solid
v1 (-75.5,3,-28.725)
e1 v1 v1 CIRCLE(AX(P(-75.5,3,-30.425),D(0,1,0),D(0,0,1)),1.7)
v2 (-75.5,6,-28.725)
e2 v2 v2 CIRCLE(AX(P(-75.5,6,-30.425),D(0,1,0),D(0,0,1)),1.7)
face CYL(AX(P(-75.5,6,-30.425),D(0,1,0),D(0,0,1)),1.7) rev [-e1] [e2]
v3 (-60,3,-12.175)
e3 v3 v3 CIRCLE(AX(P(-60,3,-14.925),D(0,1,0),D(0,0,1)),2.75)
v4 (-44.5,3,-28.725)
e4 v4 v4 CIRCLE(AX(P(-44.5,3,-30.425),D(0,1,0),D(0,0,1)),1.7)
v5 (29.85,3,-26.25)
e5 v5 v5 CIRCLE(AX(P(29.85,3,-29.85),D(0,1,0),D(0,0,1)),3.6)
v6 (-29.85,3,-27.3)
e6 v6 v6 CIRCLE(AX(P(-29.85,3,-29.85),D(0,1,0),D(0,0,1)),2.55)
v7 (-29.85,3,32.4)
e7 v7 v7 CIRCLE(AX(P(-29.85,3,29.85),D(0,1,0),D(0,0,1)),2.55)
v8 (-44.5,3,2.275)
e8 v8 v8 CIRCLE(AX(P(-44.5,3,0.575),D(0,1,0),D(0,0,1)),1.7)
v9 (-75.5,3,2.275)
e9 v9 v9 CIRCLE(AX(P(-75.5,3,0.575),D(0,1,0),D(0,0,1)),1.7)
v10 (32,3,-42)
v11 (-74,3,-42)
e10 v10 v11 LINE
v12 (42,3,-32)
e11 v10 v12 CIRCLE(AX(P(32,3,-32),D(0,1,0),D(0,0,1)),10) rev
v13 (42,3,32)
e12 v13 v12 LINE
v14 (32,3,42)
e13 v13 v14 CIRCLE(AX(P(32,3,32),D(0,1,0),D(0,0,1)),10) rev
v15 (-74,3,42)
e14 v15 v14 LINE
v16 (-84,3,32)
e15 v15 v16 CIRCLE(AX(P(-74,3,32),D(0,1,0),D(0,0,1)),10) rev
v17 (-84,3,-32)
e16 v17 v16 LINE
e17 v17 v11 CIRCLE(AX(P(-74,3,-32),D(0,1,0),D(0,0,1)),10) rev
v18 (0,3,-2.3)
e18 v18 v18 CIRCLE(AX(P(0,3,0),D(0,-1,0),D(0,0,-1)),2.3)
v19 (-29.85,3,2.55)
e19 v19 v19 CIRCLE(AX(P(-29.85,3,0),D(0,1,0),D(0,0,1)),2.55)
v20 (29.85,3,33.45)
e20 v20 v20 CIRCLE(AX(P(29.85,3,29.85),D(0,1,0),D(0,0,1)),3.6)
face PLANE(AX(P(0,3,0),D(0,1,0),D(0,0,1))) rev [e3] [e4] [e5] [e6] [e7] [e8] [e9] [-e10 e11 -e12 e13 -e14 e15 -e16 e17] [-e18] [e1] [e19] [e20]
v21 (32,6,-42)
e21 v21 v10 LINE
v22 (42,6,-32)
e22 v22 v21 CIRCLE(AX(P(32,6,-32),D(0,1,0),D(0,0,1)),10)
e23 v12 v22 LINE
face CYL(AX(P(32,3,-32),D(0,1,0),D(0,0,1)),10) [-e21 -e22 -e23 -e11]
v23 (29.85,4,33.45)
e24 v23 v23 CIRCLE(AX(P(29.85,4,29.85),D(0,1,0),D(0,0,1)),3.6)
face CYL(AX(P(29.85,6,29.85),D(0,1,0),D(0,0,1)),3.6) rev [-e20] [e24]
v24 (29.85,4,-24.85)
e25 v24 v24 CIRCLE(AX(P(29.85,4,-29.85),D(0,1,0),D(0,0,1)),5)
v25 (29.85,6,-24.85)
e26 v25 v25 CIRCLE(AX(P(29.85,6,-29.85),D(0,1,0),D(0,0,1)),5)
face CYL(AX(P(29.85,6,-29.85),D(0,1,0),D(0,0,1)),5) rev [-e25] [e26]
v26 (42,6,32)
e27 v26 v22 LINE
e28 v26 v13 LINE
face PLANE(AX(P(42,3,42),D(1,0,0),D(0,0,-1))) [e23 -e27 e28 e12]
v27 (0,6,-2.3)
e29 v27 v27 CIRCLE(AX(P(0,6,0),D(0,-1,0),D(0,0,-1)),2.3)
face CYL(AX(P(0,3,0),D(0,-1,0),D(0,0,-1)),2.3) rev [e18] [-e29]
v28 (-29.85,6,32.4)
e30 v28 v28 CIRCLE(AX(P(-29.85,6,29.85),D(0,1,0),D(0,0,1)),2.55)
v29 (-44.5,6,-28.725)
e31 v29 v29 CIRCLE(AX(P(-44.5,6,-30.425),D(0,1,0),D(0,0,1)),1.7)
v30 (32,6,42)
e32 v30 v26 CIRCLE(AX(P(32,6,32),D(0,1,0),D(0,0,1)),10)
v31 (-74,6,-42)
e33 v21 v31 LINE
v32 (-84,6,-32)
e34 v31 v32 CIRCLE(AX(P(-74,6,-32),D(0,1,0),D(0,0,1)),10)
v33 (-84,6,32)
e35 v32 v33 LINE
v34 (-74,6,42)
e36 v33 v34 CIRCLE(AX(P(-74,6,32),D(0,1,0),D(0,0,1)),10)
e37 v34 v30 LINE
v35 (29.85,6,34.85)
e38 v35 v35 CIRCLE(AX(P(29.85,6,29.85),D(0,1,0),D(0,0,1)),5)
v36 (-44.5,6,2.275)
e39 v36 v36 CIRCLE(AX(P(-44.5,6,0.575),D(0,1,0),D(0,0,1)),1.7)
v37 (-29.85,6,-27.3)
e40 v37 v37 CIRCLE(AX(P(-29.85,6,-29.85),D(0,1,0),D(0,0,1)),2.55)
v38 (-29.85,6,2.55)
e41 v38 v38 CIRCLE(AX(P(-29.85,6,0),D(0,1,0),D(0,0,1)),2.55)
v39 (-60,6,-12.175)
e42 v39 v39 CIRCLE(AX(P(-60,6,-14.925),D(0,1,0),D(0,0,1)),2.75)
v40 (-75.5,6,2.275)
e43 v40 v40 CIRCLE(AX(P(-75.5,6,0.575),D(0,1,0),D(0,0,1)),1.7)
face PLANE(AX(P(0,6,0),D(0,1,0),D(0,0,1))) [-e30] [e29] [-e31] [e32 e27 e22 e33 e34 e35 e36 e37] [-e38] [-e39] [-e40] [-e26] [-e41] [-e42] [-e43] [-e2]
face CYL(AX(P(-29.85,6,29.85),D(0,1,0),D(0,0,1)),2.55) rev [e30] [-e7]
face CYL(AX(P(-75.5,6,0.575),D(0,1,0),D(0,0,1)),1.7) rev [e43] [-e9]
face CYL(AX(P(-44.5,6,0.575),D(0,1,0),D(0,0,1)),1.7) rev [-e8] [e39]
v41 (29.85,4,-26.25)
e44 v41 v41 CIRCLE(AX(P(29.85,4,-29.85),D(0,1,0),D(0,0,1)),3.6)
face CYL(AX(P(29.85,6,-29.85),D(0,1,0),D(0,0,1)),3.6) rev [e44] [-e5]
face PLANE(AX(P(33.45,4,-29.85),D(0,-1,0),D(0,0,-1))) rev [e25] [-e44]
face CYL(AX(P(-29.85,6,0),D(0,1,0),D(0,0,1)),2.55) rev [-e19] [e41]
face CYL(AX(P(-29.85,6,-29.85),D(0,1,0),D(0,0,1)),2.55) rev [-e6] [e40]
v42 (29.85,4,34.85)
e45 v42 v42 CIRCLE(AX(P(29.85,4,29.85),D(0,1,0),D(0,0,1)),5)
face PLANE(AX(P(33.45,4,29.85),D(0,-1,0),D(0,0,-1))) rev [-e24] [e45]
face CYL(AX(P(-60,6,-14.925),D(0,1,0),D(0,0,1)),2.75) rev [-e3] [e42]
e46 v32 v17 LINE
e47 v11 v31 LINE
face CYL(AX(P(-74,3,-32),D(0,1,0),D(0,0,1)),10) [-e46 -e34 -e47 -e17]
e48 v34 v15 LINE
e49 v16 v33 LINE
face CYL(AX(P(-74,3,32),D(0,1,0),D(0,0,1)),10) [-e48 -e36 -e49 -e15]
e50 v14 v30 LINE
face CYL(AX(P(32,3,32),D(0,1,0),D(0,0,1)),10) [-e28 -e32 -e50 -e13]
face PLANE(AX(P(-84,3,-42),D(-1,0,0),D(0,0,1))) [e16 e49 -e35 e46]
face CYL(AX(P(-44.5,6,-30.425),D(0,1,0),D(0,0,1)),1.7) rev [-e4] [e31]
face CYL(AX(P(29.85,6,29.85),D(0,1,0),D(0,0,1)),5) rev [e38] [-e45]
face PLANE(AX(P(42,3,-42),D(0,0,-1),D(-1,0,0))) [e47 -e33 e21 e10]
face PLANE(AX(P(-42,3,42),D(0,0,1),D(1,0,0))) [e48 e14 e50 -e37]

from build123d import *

# Parameters (mm, degrees)
BOSS_EXTRUDE1_DEPTH              = 3
F_4_6_4_6_DIAMETER_HOLE1_D       = 4.6
CBORE_FOR_M6_5_SHSS1_D           = 7.2
CBORE_FOR_M6_5_SHSS1_CBORE_D     = 10
CBORE_FOR_M6_5_SHSS1_CBORE_DEPTH = 2
M10X1_0_TAPPED_HOLE1_D           = 5.1
F_3_0MM_DOWEL_HOLE1_D            = 3.4
F_5_0MM_DOWEL_HOLE1_D            = 5.5
FILLET3_R                        = 10


with BuildPart() as part:
    # Sketch1 → Boss-Extrude1 (new body)
    with BuildSketch(Plane(origin=(0, 6, 0), x_dir=(1, 0, 0), z_dir=(0, 1, 0))):
        Polygon((42, 42), (-42, 42), (-84, 42), (-84, -42), (-42, -42), (42, -42), align=None)
    extrude(amount=-BOSS_EXTRUDE1_DEPTH)

    # Ø4.6 (4.6) Diameter Hole1 (through all)
    with Locations(Plane(origin=(0, 3, 0), x_dir=(-1, 0, 0), z_dir=(0, -1, 0))):
        with Locations((0, 0)):
            Hole(F_4_6_4_6_DIAMETER_HOLE1_D / 2)

    # CBORE for M6.5 SHSS1 (through all)
    with Locations(Plane(origin=(0, 6, 0), x_dir=(1, 0, 0), z_dir=(0, 1, 0))):
        with Locations((29.85, 29.85), (29.85, -29.85)):
            CounterBoreHole(CBORE_FOR_M6_5_SHSS1_D / 2, CBORE_FOR_M6_5_SHSS1_CBORE_D / 2, CBORE_FOR_M6_5_SHSS1_CBORE_DEPTH)

    # M10x1.0 Tapped Hole1 (through all)
    with Locations(Plane(origin=(0, 6, 0), x_dir=(1, 0, 0), z_dir=(0, 1, 0))):
        with Locations((-29.85, -29.85), (-29.85, 29.85), (-29.85, 0)):
            Hole(M10X1_0_TAPPED_HOLE1_D / 2)

    # Ø3.0mm Dowel Hole1 (through all)
    with Locations(Plane(origin=(0, 6, 0), x_dir=(1, 0, 0), z_dir=(0, 1, 0))):
        with Locations((-75.5, 30.425), (-44.5, 30.425), (-44.5, -0.575), (-75.5, -0.575)):
            Hole(F_3_0MM_DOWEL_HOLE1_D / 2)

    # Ø5.0mm Dowel Hole1 (through all)
    with Locations(Plane(origin=(0, 6, 0), x_dir=(1, 0, 0), z_dir=(0, 1, 0))):
        with Locations((-60, 14.925)):
            Hole(F_5_0MM_DOWEL_HOLE1_D / 2)

    # Fillet3
    fillet3_edges = [part.edges().sort_by_distance(p)[0] for p in [
        (42, 4.5, -42),
        (42, 4.5, 42),
        (-84, 4.5, 42),
        (-84, 4.5, -42),
    ]]
    fillet(fillet3_edges, radius=FILLET3_R)


solid = part.part
